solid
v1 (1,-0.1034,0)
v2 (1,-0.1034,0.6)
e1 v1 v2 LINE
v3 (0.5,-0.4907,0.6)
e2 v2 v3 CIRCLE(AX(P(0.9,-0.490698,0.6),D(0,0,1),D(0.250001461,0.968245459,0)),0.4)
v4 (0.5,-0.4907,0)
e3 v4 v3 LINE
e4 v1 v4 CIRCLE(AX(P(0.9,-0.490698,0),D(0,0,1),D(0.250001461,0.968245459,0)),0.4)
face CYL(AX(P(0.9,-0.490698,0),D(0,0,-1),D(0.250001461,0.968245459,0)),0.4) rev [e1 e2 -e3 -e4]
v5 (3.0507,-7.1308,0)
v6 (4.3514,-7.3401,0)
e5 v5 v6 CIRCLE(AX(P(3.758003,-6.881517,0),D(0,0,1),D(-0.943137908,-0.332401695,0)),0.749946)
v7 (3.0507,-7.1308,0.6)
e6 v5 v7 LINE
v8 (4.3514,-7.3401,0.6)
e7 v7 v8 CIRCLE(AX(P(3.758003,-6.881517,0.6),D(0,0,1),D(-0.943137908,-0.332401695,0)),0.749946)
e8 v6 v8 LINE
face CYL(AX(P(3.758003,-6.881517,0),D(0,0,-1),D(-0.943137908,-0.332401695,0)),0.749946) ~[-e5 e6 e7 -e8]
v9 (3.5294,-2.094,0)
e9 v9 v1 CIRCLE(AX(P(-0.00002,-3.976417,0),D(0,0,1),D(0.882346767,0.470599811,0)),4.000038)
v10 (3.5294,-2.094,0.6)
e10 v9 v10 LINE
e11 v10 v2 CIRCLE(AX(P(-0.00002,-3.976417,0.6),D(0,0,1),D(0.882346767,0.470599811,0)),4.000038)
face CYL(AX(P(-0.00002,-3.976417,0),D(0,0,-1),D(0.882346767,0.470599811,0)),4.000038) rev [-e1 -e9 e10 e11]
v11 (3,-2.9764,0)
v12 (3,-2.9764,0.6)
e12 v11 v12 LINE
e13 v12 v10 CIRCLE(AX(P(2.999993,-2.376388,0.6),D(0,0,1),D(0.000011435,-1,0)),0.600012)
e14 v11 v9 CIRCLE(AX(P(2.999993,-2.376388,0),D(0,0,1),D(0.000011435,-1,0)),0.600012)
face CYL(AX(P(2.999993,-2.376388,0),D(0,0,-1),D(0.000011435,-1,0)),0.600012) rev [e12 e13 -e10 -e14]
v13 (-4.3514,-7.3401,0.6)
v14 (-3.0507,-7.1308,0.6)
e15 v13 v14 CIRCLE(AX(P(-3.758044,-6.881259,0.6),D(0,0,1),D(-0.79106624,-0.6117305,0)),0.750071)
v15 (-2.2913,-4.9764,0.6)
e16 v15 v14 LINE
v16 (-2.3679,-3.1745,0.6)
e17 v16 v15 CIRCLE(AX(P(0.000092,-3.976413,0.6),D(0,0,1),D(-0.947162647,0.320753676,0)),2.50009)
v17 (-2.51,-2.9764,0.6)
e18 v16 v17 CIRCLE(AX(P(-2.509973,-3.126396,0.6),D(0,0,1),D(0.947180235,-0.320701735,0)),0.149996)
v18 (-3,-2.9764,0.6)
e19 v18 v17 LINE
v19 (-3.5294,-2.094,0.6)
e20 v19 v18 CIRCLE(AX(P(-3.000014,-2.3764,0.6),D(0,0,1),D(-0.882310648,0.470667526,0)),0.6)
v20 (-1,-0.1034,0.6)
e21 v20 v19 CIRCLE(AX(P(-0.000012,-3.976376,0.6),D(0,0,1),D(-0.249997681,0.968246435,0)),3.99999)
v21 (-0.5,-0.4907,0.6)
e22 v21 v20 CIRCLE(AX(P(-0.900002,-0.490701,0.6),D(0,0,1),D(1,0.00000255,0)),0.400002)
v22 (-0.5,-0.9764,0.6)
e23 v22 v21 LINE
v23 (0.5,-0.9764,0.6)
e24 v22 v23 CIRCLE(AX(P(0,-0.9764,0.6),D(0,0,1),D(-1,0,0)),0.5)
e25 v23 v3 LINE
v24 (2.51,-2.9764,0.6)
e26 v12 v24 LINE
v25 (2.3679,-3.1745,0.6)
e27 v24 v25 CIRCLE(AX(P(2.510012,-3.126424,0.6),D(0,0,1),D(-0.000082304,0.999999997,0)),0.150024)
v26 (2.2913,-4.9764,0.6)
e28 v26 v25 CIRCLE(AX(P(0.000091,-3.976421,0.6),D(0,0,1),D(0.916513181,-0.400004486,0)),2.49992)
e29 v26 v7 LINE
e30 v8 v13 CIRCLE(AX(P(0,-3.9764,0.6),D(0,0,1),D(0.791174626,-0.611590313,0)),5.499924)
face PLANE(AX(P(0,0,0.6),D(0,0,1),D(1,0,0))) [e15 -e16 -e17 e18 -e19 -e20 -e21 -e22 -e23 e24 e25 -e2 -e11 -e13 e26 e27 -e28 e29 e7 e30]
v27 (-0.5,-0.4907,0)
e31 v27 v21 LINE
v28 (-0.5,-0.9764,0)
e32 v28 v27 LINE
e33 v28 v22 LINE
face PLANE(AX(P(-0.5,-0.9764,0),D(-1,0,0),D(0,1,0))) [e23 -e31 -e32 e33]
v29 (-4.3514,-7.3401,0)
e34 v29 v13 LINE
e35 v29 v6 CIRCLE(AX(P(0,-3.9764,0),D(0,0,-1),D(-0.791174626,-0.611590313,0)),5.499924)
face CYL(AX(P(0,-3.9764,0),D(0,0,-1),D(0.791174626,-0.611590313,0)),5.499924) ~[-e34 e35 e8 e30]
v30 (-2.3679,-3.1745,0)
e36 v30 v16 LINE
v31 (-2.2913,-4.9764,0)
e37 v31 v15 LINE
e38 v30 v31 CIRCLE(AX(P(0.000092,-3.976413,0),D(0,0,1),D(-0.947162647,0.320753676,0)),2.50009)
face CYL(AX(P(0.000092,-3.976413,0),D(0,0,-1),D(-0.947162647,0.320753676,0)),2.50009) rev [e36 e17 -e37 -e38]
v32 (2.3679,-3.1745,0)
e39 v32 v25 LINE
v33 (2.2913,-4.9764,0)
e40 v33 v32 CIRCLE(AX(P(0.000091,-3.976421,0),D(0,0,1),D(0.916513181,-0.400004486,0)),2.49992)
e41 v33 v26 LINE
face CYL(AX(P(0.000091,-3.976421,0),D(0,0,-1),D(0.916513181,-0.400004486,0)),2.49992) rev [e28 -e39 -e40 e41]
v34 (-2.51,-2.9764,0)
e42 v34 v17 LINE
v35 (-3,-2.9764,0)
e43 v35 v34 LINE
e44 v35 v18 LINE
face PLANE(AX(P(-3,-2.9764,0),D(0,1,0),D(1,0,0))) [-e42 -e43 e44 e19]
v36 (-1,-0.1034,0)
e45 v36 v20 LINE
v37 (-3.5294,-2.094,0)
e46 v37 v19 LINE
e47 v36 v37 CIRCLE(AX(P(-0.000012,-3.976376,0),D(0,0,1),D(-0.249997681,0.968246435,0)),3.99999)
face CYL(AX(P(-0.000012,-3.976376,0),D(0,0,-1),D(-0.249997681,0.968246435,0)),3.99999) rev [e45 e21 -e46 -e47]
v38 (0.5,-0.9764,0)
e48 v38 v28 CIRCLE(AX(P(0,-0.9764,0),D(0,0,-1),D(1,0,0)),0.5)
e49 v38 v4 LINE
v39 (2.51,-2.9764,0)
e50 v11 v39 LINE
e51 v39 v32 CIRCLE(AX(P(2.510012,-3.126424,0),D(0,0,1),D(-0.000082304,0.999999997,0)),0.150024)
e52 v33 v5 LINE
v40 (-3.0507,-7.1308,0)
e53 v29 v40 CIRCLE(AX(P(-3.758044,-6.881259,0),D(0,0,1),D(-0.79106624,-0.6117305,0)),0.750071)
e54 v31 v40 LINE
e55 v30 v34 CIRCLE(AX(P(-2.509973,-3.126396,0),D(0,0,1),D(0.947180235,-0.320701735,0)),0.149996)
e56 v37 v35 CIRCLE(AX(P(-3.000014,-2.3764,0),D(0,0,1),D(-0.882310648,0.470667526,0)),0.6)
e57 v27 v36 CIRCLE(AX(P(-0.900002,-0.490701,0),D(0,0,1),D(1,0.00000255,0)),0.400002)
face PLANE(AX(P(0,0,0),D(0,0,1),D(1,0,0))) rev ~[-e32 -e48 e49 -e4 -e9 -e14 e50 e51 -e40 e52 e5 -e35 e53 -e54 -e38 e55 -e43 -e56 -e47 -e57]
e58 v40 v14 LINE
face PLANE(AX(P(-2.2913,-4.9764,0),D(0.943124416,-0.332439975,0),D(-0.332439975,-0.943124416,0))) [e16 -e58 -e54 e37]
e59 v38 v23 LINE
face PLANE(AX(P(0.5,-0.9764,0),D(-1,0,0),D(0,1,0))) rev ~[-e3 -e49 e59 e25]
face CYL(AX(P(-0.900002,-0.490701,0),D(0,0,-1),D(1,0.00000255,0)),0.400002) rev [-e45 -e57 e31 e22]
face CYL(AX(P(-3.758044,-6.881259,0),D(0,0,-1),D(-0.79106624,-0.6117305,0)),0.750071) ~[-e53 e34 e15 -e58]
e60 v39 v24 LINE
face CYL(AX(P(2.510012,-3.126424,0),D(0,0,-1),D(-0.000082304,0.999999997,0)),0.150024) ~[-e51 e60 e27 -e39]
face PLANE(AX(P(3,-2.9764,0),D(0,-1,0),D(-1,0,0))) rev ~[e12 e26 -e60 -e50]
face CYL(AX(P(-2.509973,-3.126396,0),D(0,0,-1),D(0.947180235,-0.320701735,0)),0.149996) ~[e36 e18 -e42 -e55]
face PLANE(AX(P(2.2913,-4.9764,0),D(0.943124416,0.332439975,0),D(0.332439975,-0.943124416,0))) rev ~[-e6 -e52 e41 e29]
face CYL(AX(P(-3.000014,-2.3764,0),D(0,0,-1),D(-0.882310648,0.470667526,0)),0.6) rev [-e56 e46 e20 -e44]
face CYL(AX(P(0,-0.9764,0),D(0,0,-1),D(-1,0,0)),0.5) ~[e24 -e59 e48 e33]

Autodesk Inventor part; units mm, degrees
ref_plane "YZ Plane" through (0, 0, 0) normal (1, 0, 0) x (0, 1, 0)
ref_plane "XZ Plane" through (0, 0, 0) normal (0, 1, 0) x (-1, 0, 0)
sketch "Esquisse1" plane through (0, 0, 0) normal (0, 0, 1) x (1, 0, 0)
  circle A0 centre (0, -3.9764) radius 4 construction
  line L0 (-0.5, 0.0236) -> (0, 0.0236) construction
  line L1 (-3.206, 0) -> (3.4858, 0) projected
  line L2 (-2.2913, -4.9764) -> (2.2913, -4.9764) construction
  arc A1 (-2.3679, -3.1745) -> (-2.2913, -4.9764) centre (0, -3.9764) ccw
  line L3 (0, 1.949) -> (0, -3.4788) projected
  arc A2 (-0.5, -0.9764) -> (0.5, -0.9764) centre (0, -0.9764) ccw
  arc A3 (4.3514, -7.3401) -> (-4.3514, -7.3401) centre (0, -3.9764) ccw
  line L4 (-3, -2.9764) -> (-2.51, -2.9764)
  line L5 (-0.5, -0.9764) -> (-0.5, -0.4907)
  arc A4 (-1, -0.1034) -> (-3.5294, -2.094) centre (0, -3.9764) ccw
  arc A5 (-0.5, -0.4907) -> (-1, -0.1034) centre (-0.9, -0.4907) ccw
  arc A6 (-3.5294, -2.094) -> (-3, -2.9764) centre (-3, -2.3764) ccw
  arc A7 (-2.3679, -3.1745) -> (-2.51, -2.9764) centre (-2.51, -3.1264) ccw
  line L6 (0, 1.5236) -> (2.5298, 1.5236) construction
  line L7 (-2.2913, -4.9764) -> (-3.0507, -7.1308)
  arc A8 (-4.3514, -7.3401) -> (-3.0507, -7.1308) centre (-3.7581, -6.8814) ccw
  line L8 (0, -1.4764) -> (-1.2778, -1.4764) construction
  line L9 (2.2913, -4.9764) -> (3.0507, -7.1308)
  arc A9 (3.0507, -7.1308) -> (4.3514, -7.3401) centre (3.7581, -6.8814) ccw
  arc A10 (2.2913, -4.9764) -> (2.3679, -3.1745) centre (0, -3.9764) ccw
  line L10 (3, -2.9764) -> (2.51, -2.9764)
  line L11 (0.5, -0.9764) -> (0.5, -0.4907)
  arc A11 (3.5294, -2.094) -> (1, -0.1034) centre (0, -3.9764) ccw
  arc A12 (1, -0.1034) -> (0.5, -0.4907) centre (0.9, -0.4907) ccw
  arc A13 (3, -2.9764) -> (3.5294, -2.094) centre (3, -2.3764) ccw
  arc A14 (2.51, -2.9764) -> (2.3679, -3.1745) centre (2.51, -3.1264) ccw
  point P0 (0.5, 0.0236)
  dimension "d0" = 8
  dimension "d3" = 1
  dimension "d4" = 0.5
  dimension "d5" = 11
  dimension "d8" = 4
  dimension "d9" = 1
  dimension "d10" = 0.4
  dimension "d11" = 0.6
  dimension "d12" = 0.15
  dimension "d13" = 0.75
  dimension "d14" = 2.5
  dimension "d15" = 2.5
extrude "Corps" add sketch "Esquisse1" along normal blind 0.6
ref_plane "Work Plane1" through (0, -3.9764, 0) normal (-1, 0, 0) x (0, 0, 1)
equation "\"d0\" = WD"
equation "\"d3\" = 0.2 * NND"
equation "\"d4\" = 0.1 * NND"
equation "\"d5\" = SD2"
equation "\"d8\" = 0.8 * NND"
equation "\"d9\" = 0.2 * NND"
equation "\"d10\" = 0.08 * NND"
equation "\"d11\" = 0.12 * NND"
equation "\"d12\" = 0.03 * NND"
equation "\"d13\" = 0.15 * NND"
equation "\"d14\" = 0.5 * NND"
equation "\"d15\" = 0.5 * NND"
equation "\"d16\" = SD"
equation "\"ND\" = 5.05"
equation "\"SD\" = 0.6"
equation "\"WD\" = 8"
equation "\"d1\" = 1.6 * NND"
equation "\"d2\" = NND"
equation "\"SD2\" = 11"
equation "\"d6\" = NND"
equation "\"d7\" = 0.15 * NND"
equation "\"NND\" = 5"
equation "\"WDMIN\" = 6"
equation "\"SNB\" = 0.7"
equation "\"WDMAX\" = 8"
equation "\"BUBRMI\" = 1.2"
properties part number "JIS B 2804 E - 5" material "Acier, doux"
